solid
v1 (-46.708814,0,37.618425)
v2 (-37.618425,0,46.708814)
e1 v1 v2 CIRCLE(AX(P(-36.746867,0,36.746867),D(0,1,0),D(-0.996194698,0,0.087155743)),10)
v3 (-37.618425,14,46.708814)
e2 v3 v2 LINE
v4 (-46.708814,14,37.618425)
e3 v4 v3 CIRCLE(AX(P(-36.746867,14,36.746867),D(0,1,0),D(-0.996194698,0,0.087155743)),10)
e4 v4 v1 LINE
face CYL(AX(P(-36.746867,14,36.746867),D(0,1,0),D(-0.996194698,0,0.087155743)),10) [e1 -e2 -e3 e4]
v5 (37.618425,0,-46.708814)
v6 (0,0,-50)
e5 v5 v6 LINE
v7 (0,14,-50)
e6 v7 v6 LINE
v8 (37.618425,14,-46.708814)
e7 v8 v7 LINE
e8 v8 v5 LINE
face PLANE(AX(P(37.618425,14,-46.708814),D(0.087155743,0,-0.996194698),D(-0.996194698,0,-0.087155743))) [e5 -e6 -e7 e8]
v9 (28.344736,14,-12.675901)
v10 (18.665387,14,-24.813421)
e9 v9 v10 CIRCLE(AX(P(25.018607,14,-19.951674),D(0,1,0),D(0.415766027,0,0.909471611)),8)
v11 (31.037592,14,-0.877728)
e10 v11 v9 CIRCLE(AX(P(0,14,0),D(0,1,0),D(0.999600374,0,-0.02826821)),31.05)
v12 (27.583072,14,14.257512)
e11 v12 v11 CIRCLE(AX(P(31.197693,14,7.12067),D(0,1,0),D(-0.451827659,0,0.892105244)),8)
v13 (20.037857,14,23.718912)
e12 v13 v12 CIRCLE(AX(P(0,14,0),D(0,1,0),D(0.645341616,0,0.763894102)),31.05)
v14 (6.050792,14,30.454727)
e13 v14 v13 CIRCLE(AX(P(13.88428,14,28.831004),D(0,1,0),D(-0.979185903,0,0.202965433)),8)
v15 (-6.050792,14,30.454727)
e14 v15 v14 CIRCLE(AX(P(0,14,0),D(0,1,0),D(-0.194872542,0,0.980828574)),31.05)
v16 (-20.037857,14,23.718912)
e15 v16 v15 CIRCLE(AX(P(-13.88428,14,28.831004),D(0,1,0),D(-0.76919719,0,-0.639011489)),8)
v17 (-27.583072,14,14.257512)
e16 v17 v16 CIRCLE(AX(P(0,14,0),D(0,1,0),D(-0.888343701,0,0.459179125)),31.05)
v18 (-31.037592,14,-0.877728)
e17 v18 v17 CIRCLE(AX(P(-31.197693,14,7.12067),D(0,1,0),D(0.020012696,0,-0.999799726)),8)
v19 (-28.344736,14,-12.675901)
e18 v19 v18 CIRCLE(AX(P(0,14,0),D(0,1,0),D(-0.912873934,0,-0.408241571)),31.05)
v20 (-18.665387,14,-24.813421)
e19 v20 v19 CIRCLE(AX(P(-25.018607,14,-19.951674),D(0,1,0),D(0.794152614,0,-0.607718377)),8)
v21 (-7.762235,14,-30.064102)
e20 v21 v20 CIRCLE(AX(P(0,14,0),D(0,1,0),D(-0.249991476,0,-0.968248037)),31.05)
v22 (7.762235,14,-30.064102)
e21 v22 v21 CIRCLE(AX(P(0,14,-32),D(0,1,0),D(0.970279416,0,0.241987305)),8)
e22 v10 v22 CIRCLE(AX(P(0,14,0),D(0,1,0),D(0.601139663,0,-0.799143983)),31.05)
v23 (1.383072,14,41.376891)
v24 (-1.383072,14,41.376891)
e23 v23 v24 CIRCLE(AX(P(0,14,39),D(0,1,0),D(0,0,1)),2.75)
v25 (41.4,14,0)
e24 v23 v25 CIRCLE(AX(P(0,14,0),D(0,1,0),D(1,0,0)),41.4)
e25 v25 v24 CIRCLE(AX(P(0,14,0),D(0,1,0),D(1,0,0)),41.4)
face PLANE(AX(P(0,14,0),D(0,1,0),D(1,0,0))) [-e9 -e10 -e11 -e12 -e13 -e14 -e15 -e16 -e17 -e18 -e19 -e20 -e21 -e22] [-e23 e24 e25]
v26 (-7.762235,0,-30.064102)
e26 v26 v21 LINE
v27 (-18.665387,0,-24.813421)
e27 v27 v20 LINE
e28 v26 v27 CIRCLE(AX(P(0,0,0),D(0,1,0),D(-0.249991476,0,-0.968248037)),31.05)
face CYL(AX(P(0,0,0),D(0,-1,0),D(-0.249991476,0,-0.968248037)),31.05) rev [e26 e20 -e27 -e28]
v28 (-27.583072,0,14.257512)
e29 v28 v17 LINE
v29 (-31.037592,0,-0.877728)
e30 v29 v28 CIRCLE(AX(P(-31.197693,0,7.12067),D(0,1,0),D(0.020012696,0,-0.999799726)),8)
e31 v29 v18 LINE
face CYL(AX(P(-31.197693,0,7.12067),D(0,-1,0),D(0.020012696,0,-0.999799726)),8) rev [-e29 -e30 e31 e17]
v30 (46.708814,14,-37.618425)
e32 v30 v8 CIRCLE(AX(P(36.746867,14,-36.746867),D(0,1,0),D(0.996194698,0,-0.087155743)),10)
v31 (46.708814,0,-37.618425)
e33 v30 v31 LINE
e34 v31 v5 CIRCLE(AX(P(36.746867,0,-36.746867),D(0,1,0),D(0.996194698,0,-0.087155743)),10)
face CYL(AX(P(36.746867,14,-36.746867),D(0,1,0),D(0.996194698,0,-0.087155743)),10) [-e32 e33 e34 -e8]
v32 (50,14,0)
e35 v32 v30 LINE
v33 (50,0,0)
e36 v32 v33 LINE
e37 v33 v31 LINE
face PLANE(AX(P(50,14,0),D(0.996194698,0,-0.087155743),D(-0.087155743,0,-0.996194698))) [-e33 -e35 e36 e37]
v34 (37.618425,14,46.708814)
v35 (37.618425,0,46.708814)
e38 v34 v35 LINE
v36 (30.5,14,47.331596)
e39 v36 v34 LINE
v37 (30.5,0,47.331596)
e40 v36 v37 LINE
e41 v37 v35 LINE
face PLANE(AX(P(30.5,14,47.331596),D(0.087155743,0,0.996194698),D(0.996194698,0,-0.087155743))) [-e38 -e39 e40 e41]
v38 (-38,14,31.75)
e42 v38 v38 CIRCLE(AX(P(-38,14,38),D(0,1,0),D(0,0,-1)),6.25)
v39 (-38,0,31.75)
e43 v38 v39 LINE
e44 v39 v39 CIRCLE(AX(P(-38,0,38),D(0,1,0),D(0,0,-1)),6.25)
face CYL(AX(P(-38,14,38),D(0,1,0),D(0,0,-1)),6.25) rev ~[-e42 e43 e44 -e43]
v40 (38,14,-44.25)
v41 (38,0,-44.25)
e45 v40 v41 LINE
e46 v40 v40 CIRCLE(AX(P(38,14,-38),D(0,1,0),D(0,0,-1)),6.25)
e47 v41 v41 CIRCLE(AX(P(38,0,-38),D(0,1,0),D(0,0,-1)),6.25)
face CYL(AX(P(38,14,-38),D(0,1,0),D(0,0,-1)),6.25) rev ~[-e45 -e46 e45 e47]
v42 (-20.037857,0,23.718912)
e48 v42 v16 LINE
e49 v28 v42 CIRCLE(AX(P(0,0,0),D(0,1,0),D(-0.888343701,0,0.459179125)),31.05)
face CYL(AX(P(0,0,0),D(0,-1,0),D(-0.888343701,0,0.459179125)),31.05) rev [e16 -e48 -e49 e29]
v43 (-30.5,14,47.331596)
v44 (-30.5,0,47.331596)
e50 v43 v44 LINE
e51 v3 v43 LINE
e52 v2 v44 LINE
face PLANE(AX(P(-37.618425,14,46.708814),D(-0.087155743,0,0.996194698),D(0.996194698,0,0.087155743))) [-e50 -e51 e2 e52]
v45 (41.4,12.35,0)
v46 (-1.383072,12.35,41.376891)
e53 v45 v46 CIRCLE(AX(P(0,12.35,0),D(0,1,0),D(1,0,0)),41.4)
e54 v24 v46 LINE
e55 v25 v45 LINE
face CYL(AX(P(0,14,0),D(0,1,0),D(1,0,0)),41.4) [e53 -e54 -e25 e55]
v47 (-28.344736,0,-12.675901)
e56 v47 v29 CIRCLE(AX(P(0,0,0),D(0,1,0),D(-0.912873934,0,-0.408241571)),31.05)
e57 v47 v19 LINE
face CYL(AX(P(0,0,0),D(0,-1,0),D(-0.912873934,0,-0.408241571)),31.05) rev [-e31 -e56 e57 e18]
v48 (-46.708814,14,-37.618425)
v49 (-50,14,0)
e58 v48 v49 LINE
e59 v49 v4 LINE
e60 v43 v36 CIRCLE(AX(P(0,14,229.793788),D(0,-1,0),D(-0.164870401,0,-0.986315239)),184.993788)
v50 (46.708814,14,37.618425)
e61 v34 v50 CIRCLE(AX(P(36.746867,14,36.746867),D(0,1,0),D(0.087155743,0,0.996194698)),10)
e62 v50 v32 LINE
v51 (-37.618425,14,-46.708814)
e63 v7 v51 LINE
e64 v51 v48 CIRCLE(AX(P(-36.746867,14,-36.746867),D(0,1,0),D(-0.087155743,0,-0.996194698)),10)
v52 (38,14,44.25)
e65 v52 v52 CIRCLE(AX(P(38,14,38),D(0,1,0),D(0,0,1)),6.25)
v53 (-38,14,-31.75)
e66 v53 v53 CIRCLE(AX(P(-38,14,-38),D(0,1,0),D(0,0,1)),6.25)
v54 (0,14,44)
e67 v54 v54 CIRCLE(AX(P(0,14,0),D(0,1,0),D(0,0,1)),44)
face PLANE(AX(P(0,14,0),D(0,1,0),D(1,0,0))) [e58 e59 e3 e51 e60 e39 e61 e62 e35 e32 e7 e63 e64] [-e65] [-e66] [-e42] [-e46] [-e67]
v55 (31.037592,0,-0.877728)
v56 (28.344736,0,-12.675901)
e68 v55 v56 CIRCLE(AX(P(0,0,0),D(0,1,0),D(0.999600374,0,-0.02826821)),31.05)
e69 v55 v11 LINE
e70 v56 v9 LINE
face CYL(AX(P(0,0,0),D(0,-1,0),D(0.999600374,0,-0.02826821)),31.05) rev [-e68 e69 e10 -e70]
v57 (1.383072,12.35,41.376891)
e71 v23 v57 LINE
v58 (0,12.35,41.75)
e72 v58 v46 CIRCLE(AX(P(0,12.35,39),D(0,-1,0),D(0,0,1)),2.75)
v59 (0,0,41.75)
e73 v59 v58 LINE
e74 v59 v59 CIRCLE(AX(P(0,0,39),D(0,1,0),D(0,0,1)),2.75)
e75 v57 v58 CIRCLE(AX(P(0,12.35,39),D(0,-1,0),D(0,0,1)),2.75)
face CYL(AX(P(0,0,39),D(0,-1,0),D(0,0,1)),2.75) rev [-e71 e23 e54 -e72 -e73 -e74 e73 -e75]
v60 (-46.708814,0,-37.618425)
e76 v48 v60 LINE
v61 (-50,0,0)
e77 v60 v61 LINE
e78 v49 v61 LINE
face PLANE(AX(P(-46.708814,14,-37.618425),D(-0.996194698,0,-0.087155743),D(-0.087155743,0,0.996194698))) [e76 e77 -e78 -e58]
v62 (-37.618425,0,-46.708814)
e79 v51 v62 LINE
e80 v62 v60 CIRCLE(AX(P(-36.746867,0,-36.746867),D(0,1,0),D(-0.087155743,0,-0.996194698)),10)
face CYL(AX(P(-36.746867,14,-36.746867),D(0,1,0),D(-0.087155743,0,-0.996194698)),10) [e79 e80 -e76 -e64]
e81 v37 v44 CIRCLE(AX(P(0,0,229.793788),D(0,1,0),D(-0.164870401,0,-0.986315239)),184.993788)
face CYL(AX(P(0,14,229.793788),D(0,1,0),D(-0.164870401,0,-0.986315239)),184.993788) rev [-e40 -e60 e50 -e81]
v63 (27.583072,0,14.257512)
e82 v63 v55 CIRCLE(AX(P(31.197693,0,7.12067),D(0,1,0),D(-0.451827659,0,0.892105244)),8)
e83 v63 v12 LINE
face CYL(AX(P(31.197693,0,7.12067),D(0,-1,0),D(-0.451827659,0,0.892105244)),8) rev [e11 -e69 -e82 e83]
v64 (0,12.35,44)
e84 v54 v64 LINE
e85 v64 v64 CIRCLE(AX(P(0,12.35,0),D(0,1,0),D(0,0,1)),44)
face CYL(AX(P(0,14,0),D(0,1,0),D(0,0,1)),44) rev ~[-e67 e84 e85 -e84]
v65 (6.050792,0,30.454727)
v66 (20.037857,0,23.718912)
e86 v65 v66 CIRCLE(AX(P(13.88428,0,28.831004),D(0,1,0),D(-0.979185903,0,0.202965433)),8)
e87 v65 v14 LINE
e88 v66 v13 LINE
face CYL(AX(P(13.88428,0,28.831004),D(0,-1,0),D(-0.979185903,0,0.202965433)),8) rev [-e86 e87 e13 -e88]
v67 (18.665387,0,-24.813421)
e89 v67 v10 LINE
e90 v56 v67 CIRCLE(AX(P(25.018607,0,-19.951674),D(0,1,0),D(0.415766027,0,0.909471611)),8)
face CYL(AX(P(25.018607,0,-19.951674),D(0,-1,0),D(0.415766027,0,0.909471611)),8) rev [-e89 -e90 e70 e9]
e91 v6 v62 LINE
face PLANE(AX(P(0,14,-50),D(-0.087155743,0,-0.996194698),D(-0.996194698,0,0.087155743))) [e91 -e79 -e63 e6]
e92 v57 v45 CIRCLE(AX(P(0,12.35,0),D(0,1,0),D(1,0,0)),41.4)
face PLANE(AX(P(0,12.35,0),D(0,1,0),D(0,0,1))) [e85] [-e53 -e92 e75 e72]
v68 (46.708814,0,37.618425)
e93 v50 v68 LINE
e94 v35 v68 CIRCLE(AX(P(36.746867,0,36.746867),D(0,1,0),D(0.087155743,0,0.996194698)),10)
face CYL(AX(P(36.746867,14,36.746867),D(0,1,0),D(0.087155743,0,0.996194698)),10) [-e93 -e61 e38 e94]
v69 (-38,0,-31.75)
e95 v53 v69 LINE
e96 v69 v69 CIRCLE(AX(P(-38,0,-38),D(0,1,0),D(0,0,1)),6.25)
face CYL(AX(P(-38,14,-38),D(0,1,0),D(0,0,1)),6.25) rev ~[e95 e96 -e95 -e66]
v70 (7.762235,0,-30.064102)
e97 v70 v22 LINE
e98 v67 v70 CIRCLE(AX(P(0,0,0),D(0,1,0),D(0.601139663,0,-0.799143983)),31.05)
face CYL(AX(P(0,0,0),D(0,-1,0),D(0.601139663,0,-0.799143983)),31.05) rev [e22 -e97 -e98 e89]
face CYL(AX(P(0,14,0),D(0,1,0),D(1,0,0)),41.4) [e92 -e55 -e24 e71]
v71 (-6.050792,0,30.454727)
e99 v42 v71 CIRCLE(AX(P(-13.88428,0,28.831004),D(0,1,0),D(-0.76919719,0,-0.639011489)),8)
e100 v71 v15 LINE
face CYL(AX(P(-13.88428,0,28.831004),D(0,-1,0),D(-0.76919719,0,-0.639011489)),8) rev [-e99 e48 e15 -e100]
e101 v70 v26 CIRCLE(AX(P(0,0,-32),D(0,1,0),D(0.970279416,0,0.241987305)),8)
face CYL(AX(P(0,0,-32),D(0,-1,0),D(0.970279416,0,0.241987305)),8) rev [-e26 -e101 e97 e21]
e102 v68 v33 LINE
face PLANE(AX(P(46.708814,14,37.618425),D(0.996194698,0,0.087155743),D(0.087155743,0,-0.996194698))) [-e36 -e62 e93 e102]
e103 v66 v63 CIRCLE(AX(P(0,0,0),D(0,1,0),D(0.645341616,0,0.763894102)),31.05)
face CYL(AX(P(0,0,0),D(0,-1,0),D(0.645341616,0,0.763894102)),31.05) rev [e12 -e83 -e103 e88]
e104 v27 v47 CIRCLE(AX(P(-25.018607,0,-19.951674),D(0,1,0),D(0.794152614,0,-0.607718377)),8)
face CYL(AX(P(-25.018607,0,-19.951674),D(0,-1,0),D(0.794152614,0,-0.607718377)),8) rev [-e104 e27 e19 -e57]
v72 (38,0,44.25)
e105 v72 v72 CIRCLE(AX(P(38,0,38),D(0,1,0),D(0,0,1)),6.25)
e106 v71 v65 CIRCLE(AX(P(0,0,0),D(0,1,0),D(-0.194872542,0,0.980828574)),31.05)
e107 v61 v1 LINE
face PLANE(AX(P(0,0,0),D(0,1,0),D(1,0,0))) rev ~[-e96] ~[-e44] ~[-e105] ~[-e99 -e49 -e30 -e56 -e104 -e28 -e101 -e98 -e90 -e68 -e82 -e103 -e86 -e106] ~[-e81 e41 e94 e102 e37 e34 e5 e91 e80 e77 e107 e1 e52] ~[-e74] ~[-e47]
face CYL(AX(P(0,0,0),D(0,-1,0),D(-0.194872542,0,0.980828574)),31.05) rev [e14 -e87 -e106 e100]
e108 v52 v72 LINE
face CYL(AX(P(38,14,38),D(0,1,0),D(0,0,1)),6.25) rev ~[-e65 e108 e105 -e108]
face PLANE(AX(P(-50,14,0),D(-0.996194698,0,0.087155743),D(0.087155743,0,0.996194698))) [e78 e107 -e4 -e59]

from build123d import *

# Parameters (mm, degrees)
SKETCH1_W           = 100
SKETCH1_H           = 100
SKETCH1_R           = 2.75
BOSS_EXTRUDE1_DEPTH = 14
SKETCH2_R           = 44
SKETCH2_R_2         = 41.4
CUT_EXTRUDE1_DEPTH  = 1.65
SKETCH3_OUTSIDE_W   = 130.422
SKETCH3_OUTSIDE_H   = 130.422
SKETCH3_OUTSIDE_R   = 6.25
CUT_EXTRUDE2_DEPTH  = 73.083285164


with BuildPart() as part:
    # Sketch1 → Boss-Extrude1 (new body)
    with BuildSketch(Plane(origin=(0, 0, 0), x_dir=(1, 0, 0), z_dir=(0, 1, 0))):
        Rectangle(SKETCH1_W, SKETCH1_H)
        with Locations(Location((0, -39, 0), (0, 0, 270))):
            Circle(SKETCH1_R, mode=Mode.SUBTRACT)
        with BuildLine():
            ThreePointArc((7.762235325, 30.064101563), (0, 40), (-7.762235325, 30.064101562))
            ThreePointArc((-7.762235325, 30.064101562), (-13.4720901, 27.975083348), (-18.665386529, 24.813420678))
            ThreePointArc((-18.665386529, 24.813420678), (-31.273259299, 24.939592074), (-28.344735658, 12.675900775))
            ThreePointArc((-28.344735658, 12.675900775), (-30.271511673, 6.909274999), (-31.037591622, 0.877727921))
            ThreePointArc((-31.037591622, 0.877727921), (-38.997116487, -8.900837358), (-27.583071914, -14.257511837))
            ThreePointArc((-27.583071914, -14.257511837), (-24.275867531, -19.359358348), (-20.037857172, -23.718911863))
            ThreePointArc((-20.037857172, -23.718911863), (-17.355349565, -36.038754716), (-6.050792426, -30.454727236))
            ThreePointArc((-6.050792426, -30.454727236), (0, -31.05), (6.050792426, -30.454727236))
            ThreePointArc((6.050792426, -30.454727236), (17.355349565, -36.038754716), (20.037857172, -23.718911863))
            ThreePointArc((20.037857172, -23.718911863), (24.275867531, -19.359358348), (27.583071914, -14.257511837))
            ThreePointArc((27.583071914, -14.257511837), (38.997116487, -8.900837358), (31.037591622, 0.877727921))
            ThreePointArc((31.037591622, 0.877727921), (30.271511673, 6.909274999), (28.344735658, 12.675900775))
            ThreePointArc((28.344735658, 12.675900775), (31.273259299, 24.939592074), (18.665386529, 24.813420678))
            ThreePointArc((18.665386529, 24.813420678), (13.4720901, 27.975083348), (7.762235325, 30.064101563))
        make_face(mode=Mode.SUBTRACT)
    extrude(amount=BOSS_EXTRUDE1_DEPTH)

    # Sketch2 → Cut-Extrude1 (cut)
    with BuildSketch(Plane(origin=(0, 14, 0), x_dir=(1, 0, 0), z_dir=(0, 1, 0))):
        with Locations(Location((0, 0, 0), (0, 0, 270))):
            Circle(SKETCH2_R)
        Circle(SKETCH2_R_2, mode=Mode.SUBTRACT)
    extrude(amount=-CUT_EXTRUDE1_DEPTH, mode=Mode.SUBTRACT)

    # Sketch3 outside → Cut-Extrude2 (cut, through all)
    # profile 1 of 5: a face of its own
    with BuildSketch(Plane(origin=(0, 14, 0), x_dir=(1, 0, 0), z_dir=(0, 1, 0))):
        Rectangle(SKETCH3_OUTSIDE_W, SKETCH3_OUTSIDE_H)
        with BuildLine():
            Line((0, 50), (-37.618424742, 46.708814295))
            ThreePointArc((-37.618424742, 46.708814295), (-43.817935126, 43.817935126), (-46.708814295, 37.618424742))
            Line((-46.708814295, 37.618424742), (-50, 0))
            Line((-50, 0), (-46.708814295, -37.618424742))
            ThreePointArc((-46.708814295, -37.618424742), (-43.817935126, -43.817935126), (-37.618424742, -46.708814295))
            Line((-37.618424742, -46.708814295), (-30.5, -47.331595762))
            ThreePointArc((-30.5, -47.331595762), (0, -44.8), (30.5, -47.331595762))
            Line((30.5, -47.331595762), (37.618424742, -46.708814295))
            ThreePointArc((37.618424742, -46.708814295), (43.817935126, -43.817935126), (46.708814295, -37.618424742))
            Line((46.708814295, -37.618424742), (50, 0))
            Line((50, 0), (46.708814295, 37.618424742))
            ThreePointArc((46.708814295, 37.618424742), (43.817935126, 43.817935126), (37.618424742, 46.708814295))
            Line((37.618424742, 46.708814295), (0, 50))
        make_face(mode=Mode.SUBTRACT)
    # profile 2 of 5: a face of its own
    with BuildSketch(Plane(origin=(0, 14, 0), x_dir=(1, 0, 0), z_dir=(0, 1, 0))):
        with Locations(Location((-38, 38, 0), (0, 0, 270))):
            Circle(SKETCH3_OUTSIDE_R)
    # profile 3 of 5: a face of its own
    with BuildSketch(Plane(origin=(0, 14, 0), x_dir=(1, 0, 0), z_dir=(0, 1, 0))):
        with Locations(Location((38, 38, 0), (0, 0, 90))):
            Circle(SKETCH3_OUTSIDE_R)
    # profile 4 of 5: a face of its own
    with BuildSketch(Plane(origin=(0, 14, 0), x_dir=(1, 0, 0), z_dir=(0, 1, 0))):
        with Locations(Location((38, -38, 0), (0, 0, 270))):
            Circle(SKETCH3_OUTSIDE_R)
    # profile 5 of 5: a face of its own
    with BuildSketch(Plane(origin=(0, 14, 0), x_dir=(1, 0, 0), z_dir=(0, 1, 0))):
        with Locations(Location((-38, -38, 0), (0, 0, 90))):
            Circle(SKETCH3_OUTSIDE_R)
    extrude(amount=-CUT_EXTRUDE2_DEPTH, mode=Mode.SUBTRACT)


solid = part.part
